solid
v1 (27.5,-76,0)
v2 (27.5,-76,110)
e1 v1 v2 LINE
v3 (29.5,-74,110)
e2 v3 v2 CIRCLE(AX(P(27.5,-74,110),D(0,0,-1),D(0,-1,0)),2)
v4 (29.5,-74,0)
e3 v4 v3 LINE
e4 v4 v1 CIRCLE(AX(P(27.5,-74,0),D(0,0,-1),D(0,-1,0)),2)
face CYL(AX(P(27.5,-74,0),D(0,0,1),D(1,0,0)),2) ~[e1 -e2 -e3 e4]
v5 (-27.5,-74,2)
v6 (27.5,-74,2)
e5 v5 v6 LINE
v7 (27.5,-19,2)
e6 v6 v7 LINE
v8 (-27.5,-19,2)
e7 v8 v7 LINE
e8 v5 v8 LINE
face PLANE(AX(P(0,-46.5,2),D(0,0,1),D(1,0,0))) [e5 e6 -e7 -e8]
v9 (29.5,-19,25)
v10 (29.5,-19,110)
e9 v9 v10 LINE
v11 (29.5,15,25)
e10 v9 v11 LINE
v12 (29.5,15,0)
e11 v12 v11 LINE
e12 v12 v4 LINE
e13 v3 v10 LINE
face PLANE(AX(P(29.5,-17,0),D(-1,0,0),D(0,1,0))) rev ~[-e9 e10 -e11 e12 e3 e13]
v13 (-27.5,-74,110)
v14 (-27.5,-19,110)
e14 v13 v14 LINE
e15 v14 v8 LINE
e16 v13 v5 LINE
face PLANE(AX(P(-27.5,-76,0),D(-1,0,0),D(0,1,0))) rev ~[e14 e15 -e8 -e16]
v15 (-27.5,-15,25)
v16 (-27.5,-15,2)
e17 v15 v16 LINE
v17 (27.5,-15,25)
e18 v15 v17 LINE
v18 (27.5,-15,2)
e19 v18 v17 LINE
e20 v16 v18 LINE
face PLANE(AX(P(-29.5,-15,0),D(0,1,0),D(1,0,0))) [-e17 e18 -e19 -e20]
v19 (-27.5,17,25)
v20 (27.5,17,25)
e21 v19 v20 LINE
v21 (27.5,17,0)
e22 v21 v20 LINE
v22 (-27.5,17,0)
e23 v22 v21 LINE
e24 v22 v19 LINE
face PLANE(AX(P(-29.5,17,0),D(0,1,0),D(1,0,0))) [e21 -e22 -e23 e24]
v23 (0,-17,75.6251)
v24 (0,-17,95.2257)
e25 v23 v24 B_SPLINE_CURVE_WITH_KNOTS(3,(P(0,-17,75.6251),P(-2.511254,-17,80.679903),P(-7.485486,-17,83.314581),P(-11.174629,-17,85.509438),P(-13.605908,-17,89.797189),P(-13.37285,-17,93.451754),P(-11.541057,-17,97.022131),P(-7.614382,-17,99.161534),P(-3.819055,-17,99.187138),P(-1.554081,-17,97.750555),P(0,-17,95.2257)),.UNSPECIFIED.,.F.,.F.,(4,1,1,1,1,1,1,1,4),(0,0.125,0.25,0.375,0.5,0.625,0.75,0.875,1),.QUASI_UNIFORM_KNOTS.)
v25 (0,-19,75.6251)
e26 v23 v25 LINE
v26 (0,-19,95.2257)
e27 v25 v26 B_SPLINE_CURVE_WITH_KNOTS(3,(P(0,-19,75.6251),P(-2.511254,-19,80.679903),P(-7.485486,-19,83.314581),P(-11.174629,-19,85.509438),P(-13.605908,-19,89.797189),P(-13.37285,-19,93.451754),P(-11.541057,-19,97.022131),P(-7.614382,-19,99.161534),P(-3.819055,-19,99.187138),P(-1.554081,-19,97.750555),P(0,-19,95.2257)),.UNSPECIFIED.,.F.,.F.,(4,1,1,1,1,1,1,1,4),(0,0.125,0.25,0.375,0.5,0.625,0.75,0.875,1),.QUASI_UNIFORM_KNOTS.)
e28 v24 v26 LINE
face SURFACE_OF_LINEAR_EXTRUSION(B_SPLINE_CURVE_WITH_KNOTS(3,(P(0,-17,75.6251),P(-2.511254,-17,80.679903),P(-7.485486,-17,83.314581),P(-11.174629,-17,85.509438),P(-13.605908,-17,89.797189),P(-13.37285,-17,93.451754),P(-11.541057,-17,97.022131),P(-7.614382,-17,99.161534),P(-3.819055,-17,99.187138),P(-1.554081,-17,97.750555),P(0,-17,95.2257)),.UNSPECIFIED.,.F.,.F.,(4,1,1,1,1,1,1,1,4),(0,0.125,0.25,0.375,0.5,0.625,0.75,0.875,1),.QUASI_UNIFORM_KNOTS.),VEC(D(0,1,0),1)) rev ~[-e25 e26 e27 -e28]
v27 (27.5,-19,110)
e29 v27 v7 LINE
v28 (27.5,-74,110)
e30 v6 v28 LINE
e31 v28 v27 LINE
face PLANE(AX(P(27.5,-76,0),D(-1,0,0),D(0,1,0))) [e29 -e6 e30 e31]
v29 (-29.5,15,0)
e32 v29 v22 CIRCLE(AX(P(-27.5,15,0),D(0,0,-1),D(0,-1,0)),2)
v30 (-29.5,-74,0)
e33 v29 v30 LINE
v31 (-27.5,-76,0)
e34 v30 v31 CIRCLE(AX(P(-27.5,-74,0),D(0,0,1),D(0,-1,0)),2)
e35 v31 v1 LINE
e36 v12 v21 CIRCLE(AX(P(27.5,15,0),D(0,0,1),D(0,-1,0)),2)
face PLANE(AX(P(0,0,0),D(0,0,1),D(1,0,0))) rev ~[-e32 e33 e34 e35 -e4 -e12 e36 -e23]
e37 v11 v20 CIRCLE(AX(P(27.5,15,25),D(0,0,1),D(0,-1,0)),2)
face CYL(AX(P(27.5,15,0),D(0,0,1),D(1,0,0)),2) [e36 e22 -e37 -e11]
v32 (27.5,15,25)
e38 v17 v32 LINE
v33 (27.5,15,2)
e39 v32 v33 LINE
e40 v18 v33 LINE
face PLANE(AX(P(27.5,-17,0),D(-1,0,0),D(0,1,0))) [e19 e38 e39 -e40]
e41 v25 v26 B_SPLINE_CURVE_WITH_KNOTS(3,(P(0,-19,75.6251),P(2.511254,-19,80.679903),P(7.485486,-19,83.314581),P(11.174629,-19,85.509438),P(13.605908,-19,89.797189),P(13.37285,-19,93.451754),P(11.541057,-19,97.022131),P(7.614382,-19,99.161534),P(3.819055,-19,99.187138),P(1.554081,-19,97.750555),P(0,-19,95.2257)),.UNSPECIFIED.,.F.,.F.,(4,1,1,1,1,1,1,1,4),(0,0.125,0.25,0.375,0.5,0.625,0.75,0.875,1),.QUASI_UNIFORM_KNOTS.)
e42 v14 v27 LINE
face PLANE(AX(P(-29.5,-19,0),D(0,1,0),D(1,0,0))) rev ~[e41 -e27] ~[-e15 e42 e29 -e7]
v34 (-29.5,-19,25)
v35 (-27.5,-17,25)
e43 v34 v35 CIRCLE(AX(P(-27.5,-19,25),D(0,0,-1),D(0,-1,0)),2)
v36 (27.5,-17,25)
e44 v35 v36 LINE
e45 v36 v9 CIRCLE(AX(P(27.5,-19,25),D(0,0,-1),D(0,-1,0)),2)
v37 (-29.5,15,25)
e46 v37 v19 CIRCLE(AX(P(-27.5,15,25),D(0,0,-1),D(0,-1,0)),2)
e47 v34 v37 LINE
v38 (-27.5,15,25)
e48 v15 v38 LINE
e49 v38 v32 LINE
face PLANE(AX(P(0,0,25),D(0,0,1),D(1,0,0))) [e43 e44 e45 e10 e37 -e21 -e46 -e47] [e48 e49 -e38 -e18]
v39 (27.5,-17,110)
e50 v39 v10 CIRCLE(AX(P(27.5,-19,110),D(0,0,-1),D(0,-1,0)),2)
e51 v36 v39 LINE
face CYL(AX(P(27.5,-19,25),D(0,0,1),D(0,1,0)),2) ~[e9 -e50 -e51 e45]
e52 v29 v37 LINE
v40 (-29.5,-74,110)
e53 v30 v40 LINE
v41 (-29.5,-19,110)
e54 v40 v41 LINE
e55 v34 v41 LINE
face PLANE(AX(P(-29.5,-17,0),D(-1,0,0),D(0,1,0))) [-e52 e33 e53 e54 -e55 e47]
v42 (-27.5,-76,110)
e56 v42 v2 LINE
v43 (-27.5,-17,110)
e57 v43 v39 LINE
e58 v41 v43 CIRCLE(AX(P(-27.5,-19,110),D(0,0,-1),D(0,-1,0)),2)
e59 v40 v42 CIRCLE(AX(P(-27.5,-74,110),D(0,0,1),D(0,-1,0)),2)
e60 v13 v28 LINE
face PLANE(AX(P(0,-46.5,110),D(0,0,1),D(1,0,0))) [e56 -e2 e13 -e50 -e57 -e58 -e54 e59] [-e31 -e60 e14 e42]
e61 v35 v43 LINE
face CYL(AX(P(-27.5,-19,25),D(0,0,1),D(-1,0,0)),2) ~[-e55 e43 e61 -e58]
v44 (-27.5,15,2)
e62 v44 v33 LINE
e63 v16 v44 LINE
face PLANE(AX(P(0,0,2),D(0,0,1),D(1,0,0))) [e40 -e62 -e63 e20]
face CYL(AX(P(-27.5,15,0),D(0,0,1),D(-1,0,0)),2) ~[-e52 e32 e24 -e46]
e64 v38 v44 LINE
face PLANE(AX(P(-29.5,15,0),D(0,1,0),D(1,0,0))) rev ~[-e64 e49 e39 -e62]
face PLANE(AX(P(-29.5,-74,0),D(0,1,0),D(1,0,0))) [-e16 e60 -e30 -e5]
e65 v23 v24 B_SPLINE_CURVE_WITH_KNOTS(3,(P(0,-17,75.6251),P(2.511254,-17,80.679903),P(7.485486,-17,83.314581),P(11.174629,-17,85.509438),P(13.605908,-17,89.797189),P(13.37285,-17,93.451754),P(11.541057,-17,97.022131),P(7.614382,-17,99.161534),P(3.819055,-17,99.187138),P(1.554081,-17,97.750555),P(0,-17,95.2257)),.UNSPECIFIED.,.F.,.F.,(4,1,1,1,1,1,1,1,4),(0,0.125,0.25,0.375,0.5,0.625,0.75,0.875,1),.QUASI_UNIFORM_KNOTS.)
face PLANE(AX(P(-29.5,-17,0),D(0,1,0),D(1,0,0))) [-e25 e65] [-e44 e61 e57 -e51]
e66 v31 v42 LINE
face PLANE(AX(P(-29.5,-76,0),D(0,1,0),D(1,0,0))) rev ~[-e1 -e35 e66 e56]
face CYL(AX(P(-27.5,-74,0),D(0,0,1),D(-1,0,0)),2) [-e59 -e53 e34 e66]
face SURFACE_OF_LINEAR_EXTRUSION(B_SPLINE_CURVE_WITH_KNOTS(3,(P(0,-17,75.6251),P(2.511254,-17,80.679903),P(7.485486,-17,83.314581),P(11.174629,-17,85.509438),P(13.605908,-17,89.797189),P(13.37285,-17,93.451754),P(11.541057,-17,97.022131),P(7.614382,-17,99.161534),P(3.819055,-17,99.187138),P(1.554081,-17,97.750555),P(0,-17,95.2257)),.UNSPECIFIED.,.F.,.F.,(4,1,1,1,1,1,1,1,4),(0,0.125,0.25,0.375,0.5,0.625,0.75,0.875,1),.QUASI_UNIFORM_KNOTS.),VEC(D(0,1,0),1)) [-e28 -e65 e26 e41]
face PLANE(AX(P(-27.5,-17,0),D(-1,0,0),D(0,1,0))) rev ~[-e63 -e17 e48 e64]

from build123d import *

# Parameters (mm, degrees)
SKETCH_W       = 59
SKETCH_H       = 34
PAD_DEPTH      = 25
THICKNESS_T    = -2
SKETCH002_W    = 59
SKETCH002_H    = 59
PAD001_DEPTH   = 110
THICKNESS001_T = -2
FILLET_R       = 2
FILLET001_R    = 2
POCKET_DEPTH   = 2


with BuildPart() as body:
    # Sketch → Pad (new body)
    with BuildSketch(Plane.XY):
        Rectangle(SKETCH_W, SKETCH_H)
    extrude(amount=PAD_DEPTH)

    # Thickness
    thickness_openings = [body.faces().sort_by_distance(p)[0] for p in [
        (0, 0, 25),
    ]]
    offset(amount=THICKNESS_T, openings=thickness_openings)


with BuildPart() as body001:
    # Sketch002 → Pad001 (new body)
    with BuildSketch(Plane.XY):
        with Locations((0, -46.5)):
            Rectangle(SKETCH002_W, SKETCH002_H)
    extrude(amount=PAD001_DEPTH)

    # Thickness001
    thickness001_openings = [body001.faces().sort_by_distance(p)[0] for p in [
        (0, -46.5, 110),
    ]]
    offset(amount=THICKNESS001_T, openings=thickness001_openings)

    # Boolean: union Body
    add(body.part)

    # Fillet
    fillet_edges = [body001.edges().sort_by_distance(p)[0] for p in [
        (29.5, -76, 55),
        (29.5, 17, 12.5),
        (-29.5, -76, 55),
        (-29.5, 17, 12.5),
    ]]
    fillet(fillet_edges, radius=FILLET_R)

    # Fillet001
    fillet001_edges = [body001.edges().sort_by_distance(p)[0] for p in [
        (29.5, -17, 67.5),
        (-29.5, -17, 67.5),
    ]]
    fillet(fillet001_edges, radius=FILLET001_R)

    # Sketch003 → Pocket (cut)
    with BuildSketch(Plane(origin=(0, -17, 0), x_dir=(-1, 0, 0), z_dir=(0, 1, 0))):
        with BuildLine():
            add(Edge.make_bspline(
                [(0, 75.6251), (-2.511254, 80.679903), (-7.485486, 83.314581), (-11.174629, 85.509438), (-13.605908, 89.797189), (-13.37285, 93.451754), (-11.541057, 97.022131), (-7.614382, 99.161534), (-3.819055, 99.187138), (-1.554081, 97.750555), (0, 95.2257)],
                knots=[0, 0, 0, 0, 0.125, 0.25, 0.375, 0.5, 0.625, 0.75, 0.875, 1, 1, 1, 1], degree=3))
            add(Edge.make_bspline(
                [(0, 75.6251), (2.511254, 80.679903), (7.485486, 83.314581), (11.174629, 85.509438), (13.605908, 89.797189), (13.37285, 93.451754), (11.541057, 97.022131), (7.614382, 99.161534), (3.819055, 99.187138), (1.554081, 97.750555), (0, 95.2257)],
                knots=[0, 0, 0, 0, 0.125, 0.25, 0.375, 0.5, 0.625, 0.75, 0.875, 1, 1, 1, 1], degree=3))
        make_face()
    extrude(amount=-POCKET_DEPTH, mode=Mode.SUBTRACT)


solid = body001.part
